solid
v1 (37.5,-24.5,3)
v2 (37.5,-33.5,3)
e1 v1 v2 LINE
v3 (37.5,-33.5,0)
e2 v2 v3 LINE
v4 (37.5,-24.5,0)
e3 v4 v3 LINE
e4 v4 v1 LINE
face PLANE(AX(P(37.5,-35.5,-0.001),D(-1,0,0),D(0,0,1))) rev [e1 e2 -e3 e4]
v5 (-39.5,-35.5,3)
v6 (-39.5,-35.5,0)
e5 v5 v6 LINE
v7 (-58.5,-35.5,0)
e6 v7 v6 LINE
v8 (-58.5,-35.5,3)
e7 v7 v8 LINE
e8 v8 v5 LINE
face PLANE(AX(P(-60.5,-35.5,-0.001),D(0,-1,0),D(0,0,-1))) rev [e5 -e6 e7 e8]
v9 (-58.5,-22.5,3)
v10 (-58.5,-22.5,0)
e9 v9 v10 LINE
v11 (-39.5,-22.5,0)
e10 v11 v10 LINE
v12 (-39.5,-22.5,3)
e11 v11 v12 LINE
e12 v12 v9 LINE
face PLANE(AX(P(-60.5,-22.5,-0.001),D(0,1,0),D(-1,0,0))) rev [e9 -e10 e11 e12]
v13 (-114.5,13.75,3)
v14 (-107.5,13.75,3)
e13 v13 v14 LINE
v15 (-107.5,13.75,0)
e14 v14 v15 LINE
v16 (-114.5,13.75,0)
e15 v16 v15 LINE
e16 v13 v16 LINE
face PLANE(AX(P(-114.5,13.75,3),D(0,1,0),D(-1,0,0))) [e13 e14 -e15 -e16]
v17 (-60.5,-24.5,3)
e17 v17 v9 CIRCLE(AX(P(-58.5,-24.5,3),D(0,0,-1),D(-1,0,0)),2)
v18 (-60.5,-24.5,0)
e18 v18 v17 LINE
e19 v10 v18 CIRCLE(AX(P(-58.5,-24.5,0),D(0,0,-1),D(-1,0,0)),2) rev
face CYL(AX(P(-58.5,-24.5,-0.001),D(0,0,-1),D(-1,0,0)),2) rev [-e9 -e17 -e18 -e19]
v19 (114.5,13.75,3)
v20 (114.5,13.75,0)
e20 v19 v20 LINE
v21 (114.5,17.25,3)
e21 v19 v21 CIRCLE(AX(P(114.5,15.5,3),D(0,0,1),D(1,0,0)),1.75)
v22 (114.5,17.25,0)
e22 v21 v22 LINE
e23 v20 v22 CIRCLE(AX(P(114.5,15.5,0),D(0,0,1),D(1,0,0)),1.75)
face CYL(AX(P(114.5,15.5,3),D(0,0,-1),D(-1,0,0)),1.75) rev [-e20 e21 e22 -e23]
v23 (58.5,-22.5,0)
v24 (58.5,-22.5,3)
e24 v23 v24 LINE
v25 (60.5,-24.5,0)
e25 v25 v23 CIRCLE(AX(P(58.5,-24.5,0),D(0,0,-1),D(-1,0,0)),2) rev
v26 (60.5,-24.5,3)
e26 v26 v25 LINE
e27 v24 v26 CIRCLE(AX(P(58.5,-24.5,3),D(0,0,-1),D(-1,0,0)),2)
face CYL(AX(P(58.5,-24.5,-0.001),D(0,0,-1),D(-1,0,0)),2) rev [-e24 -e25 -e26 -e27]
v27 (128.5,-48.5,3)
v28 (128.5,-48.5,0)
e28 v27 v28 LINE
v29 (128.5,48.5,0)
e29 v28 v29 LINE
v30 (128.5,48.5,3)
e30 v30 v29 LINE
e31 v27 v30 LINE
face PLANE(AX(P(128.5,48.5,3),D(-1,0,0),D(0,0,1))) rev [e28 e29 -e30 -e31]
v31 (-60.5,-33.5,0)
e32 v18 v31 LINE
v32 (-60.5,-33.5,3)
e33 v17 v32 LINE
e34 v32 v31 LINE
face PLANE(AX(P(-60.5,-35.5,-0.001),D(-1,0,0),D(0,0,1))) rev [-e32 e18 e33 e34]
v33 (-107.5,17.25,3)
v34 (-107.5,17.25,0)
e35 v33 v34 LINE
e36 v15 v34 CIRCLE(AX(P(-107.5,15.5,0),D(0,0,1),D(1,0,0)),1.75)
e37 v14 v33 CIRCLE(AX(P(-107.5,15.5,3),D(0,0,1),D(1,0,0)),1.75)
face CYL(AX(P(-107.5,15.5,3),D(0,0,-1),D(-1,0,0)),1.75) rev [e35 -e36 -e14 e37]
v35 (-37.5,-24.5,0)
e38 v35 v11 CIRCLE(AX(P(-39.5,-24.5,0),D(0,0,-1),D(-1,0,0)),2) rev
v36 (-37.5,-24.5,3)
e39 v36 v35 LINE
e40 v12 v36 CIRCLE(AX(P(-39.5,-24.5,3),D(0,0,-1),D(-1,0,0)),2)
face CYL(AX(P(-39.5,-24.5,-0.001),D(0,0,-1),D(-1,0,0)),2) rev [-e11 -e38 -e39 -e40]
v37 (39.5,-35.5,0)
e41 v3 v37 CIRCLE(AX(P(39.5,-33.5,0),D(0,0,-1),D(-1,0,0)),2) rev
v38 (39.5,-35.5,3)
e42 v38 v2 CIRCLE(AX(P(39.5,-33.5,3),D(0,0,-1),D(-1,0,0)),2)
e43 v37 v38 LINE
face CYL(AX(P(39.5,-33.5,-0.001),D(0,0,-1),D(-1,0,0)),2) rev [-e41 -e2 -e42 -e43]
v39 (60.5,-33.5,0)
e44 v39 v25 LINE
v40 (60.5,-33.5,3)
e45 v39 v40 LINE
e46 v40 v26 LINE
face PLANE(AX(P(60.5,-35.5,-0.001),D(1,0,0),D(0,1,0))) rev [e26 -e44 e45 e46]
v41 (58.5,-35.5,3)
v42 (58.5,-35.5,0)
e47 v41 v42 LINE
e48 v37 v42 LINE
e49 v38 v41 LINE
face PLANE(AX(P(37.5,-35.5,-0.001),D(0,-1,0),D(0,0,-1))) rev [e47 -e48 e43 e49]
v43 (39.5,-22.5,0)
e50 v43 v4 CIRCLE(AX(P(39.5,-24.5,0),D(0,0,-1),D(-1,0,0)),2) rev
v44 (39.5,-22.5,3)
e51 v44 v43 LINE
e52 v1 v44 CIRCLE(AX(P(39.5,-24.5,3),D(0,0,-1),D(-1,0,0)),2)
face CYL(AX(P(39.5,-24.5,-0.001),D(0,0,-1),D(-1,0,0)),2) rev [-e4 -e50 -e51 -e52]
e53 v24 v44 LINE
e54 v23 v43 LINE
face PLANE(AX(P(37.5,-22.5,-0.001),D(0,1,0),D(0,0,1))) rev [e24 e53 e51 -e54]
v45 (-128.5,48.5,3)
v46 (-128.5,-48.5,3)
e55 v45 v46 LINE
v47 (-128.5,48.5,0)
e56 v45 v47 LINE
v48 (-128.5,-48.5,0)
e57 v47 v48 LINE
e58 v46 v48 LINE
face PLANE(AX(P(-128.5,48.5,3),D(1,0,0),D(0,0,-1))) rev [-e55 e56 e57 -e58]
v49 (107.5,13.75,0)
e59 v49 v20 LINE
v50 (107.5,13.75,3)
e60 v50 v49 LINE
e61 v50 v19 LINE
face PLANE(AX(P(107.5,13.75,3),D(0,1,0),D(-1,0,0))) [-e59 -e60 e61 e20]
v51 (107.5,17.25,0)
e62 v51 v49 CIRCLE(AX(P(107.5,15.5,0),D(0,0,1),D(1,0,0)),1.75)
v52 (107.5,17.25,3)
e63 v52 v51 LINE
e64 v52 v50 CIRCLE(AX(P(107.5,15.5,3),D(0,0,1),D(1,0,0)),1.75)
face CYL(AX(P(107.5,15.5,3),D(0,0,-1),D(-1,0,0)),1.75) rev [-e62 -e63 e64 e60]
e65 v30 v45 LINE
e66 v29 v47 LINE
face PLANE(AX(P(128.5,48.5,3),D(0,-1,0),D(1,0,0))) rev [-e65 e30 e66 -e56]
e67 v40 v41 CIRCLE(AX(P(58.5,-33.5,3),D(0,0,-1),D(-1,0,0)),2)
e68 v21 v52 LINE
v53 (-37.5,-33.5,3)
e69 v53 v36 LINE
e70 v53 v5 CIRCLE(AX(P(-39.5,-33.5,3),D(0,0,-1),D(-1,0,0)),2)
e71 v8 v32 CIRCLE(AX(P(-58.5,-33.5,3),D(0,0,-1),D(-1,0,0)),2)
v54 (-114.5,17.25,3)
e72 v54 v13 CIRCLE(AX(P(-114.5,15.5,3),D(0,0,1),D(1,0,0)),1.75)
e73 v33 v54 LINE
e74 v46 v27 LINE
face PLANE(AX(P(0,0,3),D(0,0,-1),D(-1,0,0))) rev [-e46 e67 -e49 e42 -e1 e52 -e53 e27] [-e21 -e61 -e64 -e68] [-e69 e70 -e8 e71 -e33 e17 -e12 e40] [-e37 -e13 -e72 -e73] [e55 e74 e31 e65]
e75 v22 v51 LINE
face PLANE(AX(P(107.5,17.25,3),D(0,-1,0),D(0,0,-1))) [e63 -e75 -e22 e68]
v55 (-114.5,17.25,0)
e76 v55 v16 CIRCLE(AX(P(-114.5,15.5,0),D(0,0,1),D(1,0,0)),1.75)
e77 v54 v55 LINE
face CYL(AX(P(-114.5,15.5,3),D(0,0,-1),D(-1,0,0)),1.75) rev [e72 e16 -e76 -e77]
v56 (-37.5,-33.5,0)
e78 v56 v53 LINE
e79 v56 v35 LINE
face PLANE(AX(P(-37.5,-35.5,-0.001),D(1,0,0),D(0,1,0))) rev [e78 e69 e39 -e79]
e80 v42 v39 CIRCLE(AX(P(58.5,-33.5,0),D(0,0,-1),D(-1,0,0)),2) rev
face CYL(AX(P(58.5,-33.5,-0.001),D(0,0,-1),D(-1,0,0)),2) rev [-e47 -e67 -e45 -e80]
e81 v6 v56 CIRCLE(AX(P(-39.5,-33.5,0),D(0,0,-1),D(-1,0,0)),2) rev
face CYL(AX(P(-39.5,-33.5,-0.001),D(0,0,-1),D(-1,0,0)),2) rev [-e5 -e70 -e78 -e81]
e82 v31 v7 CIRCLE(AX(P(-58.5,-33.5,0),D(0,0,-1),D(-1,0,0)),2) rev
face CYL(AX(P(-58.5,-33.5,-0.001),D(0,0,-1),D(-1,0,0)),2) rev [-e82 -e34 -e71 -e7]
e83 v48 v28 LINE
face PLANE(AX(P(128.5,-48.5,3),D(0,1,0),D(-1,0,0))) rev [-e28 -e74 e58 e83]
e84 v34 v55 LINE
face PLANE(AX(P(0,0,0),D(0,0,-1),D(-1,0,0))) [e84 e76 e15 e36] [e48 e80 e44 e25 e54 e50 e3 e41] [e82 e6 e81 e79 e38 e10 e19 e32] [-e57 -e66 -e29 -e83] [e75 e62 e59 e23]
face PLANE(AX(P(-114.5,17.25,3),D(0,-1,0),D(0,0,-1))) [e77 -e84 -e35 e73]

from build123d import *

# Parameters (mm, degrees)
ESQUISSE1_W             = 257
ESQUISSE1_H             = 97
BOSS_EXTRU_1_DEPTH      = 3
ENL_V_MAT_EXTRU_1_REACH = 5
ESQUISSE2_W             = 23
ESQUISSE2_H             = 13
CONG_1_R                = 2


with BuildPart() as part:
    # Esquisse1 → Boss.-Extru.1 (new body)
    with BuildSketch(Plane.XY):
        Rectangle(ESQUISSE1_W, ESQUISSE1_H)
        with BuildLine():
            Line((-114.5, 17.25), (-107.5, 17.25))
            ThreePointArc((-107.5, 17.25), (-105.75, 15.5), (-107.5, 13.75))
            Line((-107.5, 13.75), (-114.5, 13.75))
            ThreePointArc((-114.5, 13.75), (-116.25, 15.5), (-114.5, 17.25))
        make_face(mode=Mode.SUBTRACT)
        with BuildLine():
            Line((107.5, 17.25), (114.5, 17.25))
            ThreePointArc((114.5, 17.25), (116.25, 15.5), (114.5, 13.75))
            Line((114.5, 13.75), (107.5, 13.75))
            ThreePointArc((107.5, 13.75), (105.75, 15.5), (107.5, 17.25))
        make_face(mode=Mode.SUBTRACT)
    extrude(amount=BOSS_EXTRU_1_DEPTH)

    # Esquisse2 → Enlèv. mat.-Extru.1 (cut, up to next)
    with BuildSketch(Plane.XY.offset(3), mode=Mode.PRIVATE) as enl_v_mat_extru_1_sk1:
        with Locations((-49, -29)):
            Rectangle(ESQUISSE2_W, ESQUISSE2_H)
    enl_v_mat_extru_1_tool1 = extrude(enl_v_mat_extru_1_sk1.sketch, amount=-ENL_V_MAT_EXTRU_1_REACH, mode=Mode.PRIVATE) & part.part
    add(enl_v_mat_extru_1_tool1.solids().sort_by_distance((-49, -29, 3))[0], mode=Mode.SUBTRACT)
    # Esquisse2 → Enlèv. mat.-Extru.1 (cut, up to next)
    with BuildSketch(Plane.XY.offset(3), mode=Mode.PRIVATE) as enl_v_mat_extru_1_sk2:
        with Locations((49, -29)):
            Rectangle(ESQUISSE2_W, ESQUISSE2_H)
    enl_v_mat_extru_1_tool2 = extrude(enl_v_mat_extru_1_sk2.sketch, amount=-ENL_V_MAT_EXTRU_1_REACH, mode=Mode.PRIVATE) & part.part
    add(enl_v_mat_extru_1_tool2.solids().sort_by_distance((49, -29, 3))[0], mode=Mode.SUBTRACT)

    # Congé1
    cong_1_edges = [part.edges().sort_by_distance(p)[0] for p in [
        (-60.5, -35.5, 1.5),
        (-60.5, -22.5, 1.5),
        (-37.5, -22.5, 1.5),
        (-37.5, -35.5, 1.5),
        (37.5, -35.5, 1.5),
        (37.5, -22.5, 1.5),
        (60.5, -22.5, 1.5),
        (60.5, -35.5, 1.5),
    ]]
    fillet(cong_1_edges, radius=CONG_1_R)


solid = part.part
